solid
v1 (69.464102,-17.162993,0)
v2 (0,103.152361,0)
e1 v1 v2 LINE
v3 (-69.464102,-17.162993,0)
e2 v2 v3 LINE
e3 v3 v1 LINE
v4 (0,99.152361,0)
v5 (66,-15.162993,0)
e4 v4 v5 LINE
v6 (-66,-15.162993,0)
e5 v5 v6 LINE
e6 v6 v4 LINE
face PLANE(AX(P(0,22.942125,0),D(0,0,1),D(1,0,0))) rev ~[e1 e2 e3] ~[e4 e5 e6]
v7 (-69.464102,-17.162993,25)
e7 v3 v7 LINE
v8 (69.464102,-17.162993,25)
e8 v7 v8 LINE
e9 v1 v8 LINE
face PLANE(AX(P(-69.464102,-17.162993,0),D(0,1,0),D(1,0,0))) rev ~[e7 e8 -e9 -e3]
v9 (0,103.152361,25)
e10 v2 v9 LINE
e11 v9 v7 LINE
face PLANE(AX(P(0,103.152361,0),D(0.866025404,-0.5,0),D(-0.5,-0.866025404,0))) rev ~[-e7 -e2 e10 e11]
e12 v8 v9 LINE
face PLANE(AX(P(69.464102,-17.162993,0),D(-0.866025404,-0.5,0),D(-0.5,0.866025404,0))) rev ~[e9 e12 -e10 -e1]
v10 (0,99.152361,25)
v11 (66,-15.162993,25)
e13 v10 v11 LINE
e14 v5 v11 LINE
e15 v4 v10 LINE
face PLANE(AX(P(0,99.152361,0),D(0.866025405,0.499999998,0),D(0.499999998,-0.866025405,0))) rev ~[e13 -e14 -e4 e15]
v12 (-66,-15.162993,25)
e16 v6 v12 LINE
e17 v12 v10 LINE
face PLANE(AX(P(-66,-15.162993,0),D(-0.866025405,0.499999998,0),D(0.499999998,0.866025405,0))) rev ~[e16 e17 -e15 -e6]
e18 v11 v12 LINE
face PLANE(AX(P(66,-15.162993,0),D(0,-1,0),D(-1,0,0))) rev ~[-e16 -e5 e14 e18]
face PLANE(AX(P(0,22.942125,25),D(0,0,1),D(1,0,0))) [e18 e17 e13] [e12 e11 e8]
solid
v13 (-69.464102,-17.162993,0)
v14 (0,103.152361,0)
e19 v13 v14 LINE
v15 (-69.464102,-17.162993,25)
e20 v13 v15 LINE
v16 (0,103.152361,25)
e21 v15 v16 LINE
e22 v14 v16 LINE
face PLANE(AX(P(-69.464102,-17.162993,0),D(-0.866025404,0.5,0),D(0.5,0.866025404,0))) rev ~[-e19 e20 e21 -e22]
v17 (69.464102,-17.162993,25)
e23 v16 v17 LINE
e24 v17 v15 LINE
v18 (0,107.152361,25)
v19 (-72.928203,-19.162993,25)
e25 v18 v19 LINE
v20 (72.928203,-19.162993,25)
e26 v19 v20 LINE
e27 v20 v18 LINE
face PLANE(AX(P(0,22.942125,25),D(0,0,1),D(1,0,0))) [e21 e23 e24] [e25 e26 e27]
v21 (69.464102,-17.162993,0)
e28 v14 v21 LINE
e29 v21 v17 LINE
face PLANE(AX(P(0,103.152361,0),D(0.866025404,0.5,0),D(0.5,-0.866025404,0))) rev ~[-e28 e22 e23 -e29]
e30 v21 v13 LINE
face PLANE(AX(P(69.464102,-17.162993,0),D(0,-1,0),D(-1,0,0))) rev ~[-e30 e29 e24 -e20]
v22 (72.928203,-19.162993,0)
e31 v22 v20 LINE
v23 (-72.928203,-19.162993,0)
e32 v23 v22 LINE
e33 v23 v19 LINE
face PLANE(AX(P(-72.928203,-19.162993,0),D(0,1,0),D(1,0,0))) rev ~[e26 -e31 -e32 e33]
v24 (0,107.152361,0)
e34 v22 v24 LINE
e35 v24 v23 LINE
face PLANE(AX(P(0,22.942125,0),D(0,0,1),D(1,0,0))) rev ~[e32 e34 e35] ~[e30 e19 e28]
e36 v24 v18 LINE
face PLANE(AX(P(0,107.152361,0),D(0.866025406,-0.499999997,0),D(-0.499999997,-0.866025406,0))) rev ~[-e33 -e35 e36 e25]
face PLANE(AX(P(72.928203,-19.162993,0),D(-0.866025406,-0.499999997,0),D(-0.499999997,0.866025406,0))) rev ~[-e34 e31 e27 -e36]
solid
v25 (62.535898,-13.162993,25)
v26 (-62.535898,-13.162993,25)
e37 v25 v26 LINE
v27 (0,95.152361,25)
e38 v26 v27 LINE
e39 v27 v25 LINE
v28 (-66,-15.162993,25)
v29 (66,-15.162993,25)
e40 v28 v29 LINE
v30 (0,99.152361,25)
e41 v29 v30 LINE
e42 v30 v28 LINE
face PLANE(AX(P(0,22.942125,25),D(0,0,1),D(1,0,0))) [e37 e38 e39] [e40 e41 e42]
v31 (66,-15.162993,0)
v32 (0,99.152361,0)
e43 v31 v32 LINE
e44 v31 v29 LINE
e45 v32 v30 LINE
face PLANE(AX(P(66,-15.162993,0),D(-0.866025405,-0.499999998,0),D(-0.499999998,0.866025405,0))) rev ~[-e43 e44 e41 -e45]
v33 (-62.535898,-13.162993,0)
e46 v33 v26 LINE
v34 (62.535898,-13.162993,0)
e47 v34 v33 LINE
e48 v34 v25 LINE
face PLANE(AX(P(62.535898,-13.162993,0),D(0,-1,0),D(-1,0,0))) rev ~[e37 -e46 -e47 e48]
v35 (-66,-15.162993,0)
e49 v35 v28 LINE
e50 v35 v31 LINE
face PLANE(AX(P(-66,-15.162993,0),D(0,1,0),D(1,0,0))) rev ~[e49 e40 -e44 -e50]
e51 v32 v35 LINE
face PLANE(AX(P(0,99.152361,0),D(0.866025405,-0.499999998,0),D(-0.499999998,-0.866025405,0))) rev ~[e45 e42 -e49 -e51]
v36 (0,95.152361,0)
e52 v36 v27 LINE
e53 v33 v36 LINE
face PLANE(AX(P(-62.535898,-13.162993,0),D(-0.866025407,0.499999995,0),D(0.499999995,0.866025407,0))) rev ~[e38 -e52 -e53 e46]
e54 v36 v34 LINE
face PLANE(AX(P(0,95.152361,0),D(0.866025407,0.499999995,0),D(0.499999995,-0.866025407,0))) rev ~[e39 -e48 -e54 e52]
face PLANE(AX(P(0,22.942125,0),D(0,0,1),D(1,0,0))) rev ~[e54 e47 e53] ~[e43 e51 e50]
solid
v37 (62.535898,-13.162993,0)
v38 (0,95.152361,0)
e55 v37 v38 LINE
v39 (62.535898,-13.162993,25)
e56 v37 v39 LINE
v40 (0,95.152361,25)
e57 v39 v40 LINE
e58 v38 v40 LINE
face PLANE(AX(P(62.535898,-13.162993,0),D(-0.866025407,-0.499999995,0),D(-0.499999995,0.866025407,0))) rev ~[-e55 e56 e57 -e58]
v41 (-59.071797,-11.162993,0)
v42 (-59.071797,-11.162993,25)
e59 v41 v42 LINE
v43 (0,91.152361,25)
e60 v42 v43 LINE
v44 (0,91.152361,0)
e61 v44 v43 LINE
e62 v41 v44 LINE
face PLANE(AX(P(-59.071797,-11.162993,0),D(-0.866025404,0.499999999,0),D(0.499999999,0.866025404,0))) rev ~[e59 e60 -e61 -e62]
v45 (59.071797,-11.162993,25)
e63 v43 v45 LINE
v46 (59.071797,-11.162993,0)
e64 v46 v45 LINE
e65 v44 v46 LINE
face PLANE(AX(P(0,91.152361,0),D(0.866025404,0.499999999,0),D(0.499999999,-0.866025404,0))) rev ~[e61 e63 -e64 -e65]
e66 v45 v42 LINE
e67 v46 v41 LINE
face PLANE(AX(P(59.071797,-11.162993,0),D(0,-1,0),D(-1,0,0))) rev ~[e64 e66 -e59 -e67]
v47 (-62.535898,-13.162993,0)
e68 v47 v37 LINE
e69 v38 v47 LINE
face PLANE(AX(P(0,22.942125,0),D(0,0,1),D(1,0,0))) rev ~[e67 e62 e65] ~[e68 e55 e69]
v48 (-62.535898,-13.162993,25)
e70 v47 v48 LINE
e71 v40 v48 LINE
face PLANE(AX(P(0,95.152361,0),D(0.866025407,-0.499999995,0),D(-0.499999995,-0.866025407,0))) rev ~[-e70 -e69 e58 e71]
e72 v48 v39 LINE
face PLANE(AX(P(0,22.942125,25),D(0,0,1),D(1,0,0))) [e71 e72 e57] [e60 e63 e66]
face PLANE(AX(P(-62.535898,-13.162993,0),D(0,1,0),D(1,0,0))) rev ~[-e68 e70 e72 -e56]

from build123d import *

# Parameters (mm, degrees)
F2_DEPTH = 25
F3_DEPTH = 25
F4_DEPTH = 25
F5_DEPTH = 25


with BuildPart() as f2:
    # F1 (on Top) → F2 (new body)
    with BuildSketch(Plane.XY):
        Polygon((72.928203, -19.162993), (0, 107.152361), (-72.928203, -19.162993), align=None)
        Polygon((-69.464102, -17.162993), (0, 103.152361), (69.464102, -17.162993), align=None, mode=Mode.SUBTRACT)
    extrude(amount=F2_DEPTH)


with BuildPart() as f3:
    # F1 (on Top) → F3 (new body)
    with BuildSketch(Plane.XY):
        Polygon((69.464102, -17.162993), (0, 103.152361), (-69.464102, -17.162993), align=None)
        Polygon((66, -15.162993), (-66, -15.162993), (0, 99.152361), align=None, mode=Mode.SUBTRACT)
    extrude(amount=F3_DEPTH)


with BuildPart() as f4:
    # F1 (on Top) → F4 (new body)
    with BuildSketch(Plane.XY):
        Polygon((0, 95.152361), (-62.535898, -13.162993), (62.535898, -13.162993), align=None)
        Polygon((-59.071797, -11.162993), (0, 91.152361), (59.071797, -11.162993), align=None, mode=Mode.SUBTRACT)
    extrude(amount=F4_DEPTH)


with BuildPart() as f5:
    # F1 (on Top) → F5 (new body)
    with BuildSketch(Plane.XY):
        Polygon((0, 99.152361), (-66, -15.162993), (66, -15.162993), align=None)
        Polygon((62.535898, -13.162993), (-62.535898, -13.162993), (0, 95.152361), align=None, mode=Mode.SUBTRACT)
    extrude(amount=F5_DEPTH)


solid = Compound([f2.part, f3.part, f4.part, f5.part])
